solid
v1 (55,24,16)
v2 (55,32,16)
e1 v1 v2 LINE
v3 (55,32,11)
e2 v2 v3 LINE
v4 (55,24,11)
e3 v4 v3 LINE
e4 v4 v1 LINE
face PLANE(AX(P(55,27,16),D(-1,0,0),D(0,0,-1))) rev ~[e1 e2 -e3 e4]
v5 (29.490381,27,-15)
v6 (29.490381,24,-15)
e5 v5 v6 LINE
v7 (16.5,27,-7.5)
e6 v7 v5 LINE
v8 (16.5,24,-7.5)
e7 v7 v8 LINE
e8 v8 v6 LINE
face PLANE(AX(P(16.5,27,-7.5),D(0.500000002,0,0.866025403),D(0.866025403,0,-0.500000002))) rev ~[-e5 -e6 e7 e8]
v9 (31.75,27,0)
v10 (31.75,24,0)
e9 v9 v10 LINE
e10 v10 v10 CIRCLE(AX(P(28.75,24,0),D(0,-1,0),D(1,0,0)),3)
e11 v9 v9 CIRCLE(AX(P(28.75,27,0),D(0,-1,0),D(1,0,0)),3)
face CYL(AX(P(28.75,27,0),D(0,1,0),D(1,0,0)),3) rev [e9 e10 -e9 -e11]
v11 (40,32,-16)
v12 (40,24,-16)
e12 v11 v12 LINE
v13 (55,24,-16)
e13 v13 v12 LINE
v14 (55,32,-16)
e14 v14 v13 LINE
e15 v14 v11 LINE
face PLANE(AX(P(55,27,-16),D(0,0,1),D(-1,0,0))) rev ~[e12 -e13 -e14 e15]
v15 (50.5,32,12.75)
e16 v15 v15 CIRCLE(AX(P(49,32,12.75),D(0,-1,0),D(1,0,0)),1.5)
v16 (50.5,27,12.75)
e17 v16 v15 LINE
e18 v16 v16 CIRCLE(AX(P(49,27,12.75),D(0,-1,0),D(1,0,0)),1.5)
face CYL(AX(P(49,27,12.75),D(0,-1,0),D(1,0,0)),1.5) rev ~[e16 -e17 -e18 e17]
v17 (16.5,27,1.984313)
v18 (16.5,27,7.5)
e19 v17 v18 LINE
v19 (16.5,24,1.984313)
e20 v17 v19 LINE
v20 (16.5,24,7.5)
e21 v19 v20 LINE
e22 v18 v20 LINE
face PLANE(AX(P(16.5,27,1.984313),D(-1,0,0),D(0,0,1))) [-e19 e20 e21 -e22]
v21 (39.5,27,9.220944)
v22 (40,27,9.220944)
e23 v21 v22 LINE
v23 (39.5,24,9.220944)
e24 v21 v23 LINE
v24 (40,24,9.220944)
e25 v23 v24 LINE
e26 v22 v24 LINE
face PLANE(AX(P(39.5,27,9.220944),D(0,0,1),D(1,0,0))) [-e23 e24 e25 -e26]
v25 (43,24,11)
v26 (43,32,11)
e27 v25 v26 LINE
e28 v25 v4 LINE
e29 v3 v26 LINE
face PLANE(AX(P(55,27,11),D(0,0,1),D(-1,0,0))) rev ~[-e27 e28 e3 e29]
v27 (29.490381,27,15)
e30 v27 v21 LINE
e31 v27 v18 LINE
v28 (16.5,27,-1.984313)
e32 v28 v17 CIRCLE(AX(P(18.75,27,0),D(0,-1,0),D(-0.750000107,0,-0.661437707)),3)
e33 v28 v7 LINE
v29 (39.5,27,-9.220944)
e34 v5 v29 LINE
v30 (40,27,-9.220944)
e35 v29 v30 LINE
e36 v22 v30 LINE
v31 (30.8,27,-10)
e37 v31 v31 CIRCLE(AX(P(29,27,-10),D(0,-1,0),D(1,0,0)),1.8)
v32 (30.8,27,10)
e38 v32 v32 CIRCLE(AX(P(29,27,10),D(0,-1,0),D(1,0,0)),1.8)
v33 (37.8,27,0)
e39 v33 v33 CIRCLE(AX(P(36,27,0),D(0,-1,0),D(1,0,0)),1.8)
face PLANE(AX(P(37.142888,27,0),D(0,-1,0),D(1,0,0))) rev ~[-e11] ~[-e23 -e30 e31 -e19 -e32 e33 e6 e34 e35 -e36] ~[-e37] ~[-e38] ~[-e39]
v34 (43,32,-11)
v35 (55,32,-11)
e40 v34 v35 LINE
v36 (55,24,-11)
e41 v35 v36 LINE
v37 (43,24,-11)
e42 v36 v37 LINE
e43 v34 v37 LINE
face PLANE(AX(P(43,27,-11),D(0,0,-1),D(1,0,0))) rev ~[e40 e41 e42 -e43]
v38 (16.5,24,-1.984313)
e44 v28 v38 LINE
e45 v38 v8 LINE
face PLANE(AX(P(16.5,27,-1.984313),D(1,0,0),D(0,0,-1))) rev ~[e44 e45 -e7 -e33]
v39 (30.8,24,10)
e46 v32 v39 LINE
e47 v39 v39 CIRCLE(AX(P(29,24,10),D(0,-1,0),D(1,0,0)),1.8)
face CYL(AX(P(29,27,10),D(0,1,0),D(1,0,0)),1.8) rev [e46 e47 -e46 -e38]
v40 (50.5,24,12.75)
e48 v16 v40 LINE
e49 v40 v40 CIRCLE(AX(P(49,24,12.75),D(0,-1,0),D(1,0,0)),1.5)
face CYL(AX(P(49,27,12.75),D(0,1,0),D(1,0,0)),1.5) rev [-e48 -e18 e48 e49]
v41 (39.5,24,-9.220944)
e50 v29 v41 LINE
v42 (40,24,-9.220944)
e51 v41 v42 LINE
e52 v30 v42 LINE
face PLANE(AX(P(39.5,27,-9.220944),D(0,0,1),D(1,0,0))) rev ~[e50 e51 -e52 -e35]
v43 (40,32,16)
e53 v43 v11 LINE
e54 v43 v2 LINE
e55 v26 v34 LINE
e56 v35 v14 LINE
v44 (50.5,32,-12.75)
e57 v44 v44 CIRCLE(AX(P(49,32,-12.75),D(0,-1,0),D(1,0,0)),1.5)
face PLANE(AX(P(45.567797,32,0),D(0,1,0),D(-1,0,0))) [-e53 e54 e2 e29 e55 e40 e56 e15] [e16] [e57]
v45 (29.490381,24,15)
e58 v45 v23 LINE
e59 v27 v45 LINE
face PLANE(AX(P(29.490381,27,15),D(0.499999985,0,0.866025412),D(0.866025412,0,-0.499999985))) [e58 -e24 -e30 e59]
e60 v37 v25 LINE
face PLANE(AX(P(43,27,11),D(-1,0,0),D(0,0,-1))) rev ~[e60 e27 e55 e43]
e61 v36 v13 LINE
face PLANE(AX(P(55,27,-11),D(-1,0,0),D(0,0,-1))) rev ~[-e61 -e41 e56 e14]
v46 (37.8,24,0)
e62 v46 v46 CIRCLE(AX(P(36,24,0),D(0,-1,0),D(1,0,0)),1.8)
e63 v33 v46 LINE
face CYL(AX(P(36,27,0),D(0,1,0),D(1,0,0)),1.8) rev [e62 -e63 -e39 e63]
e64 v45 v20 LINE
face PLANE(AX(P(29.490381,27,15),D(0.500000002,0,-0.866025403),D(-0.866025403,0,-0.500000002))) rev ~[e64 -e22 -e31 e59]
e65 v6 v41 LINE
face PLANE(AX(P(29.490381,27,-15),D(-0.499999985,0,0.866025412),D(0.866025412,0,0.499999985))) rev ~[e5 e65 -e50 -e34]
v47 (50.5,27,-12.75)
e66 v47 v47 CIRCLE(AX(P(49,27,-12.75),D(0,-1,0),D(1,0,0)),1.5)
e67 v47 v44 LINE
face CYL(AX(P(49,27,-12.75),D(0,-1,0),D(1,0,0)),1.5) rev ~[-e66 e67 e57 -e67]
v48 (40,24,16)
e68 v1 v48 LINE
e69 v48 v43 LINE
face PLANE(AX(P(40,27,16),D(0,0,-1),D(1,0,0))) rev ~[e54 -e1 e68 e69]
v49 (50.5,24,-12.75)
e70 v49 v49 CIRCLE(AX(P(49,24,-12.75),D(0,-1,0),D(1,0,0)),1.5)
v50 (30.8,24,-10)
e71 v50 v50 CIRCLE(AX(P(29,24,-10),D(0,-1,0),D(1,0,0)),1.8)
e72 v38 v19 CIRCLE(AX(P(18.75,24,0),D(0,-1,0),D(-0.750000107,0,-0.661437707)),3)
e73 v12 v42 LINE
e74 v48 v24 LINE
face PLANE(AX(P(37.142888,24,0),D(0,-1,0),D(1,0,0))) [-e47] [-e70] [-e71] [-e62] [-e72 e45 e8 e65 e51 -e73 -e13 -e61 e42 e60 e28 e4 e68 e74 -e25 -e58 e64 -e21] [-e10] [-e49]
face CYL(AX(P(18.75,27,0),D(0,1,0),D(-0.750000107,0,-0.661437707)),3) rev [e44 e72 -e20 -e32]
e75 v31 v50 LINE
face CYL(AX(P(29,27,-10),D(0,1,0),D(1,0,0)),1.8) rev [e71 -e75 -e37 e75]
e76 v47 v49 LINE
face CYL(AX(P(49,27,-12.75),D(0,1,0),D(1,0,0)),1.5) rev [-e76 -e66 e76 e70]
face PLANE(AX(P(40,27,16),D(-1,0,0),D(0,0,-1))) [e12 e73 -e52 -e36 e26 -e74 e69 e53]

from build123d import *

# Parameters (mm, degrees)
SKETCH180_R     = 1.5
PAD127016_DEPTH = 5
SKETCH178_R     = 1.8
SKETCH178_R_2   = 1.5
SKETCH178_R_3   = 3
PAD127015_DEPTH = 3


with BuildPart() as pad127016:
    # Sketch180 → Pad127016 (new body)
    with BuildSketch(Plane.XZ.offset(-27)):
        Polygon((40, -9.220944), (40, 9.220944), (40, 16), (55, 16), (55, 11), (43, 11), (43, -11), (55, -11), (55, -16), (40, -16), align=None)
        with Locations((49, 12.75)):
            Circle(SKETCH180_R, mode=Mode.SUBTRACT)
        with Locations((49, -12.75)):
            Circle(SKETCH180_R, mode=Mode.SUBTRACT)
    extrude(amount=-PAD127016_DEPTH)


with BuildPart() as brakemount:
    # Sketch178 → Pad127015 (new body)
    with BuildSketch(Plane.XZ.offset(-27)):
        with BuildLine():
            Line((29.490381, 15), (16.5, 7.5))
            Line((16.5, 1.984313), (16.5, 7.5))
            ThreePointArc((16.5, -1.984313), (21.75, 0), (16.5, 1.984313))
            Line((16.5, -1.984313), (16.5, -7.5))
            Line((16.5, -7.5), (29.490381, -15))
            Line((29.490381, -15), (39.5, -9.220944))
            Line((39.5, -9.220944), (40, -9.220944))
            Line((40, -16), (40, -9.220944))
            Line((55, -16), (40, -16))
            Line((55, -11), (55, -16))
            Line((55, -11), (43, -11))
            Line((43, -11), (43, 11))
            Line((43, 11), (55, 11))
            Line((55, 11), (55, 16))
            Line((55, 16), (40, 16))
            Line((40, 16), (40, 9.220944))
            Line((39.5, 9.220944), (40, 9.220944))
            Line((29.490381, 15), (39.5, 9.220944))
        make_face()
        with Locations((29, 10)):
            Circle(SKETCH178_R, mode=Mode.SUBTRACT)
        with Locations((36, 0)):
            Circle(SKETCH178_R, mode=Mode.SUBTRACT)
        with Locations((29, -10)):
            Circle(SKETCH178_R, mode=Mode.SUBTRACT)
        with Locations((49, 12.75)):
            Circle(SKETCH178_R_2, mode=Mode.SUBTRACT)
        with Locations((49, -12.75)):
            Circle(SKETCH178_R_2, mode=Mode.SUBTRACT)
        with Locations((28.75, 0)):
            Circle(SKETCH178_R_3, mode=Mode.SUBTRACT)
    extrude(amount=PAD127015_DEPTH)

    # Fusion004020019: union Pad127016
    add(pad127016.part)


solid = brakemount.part
